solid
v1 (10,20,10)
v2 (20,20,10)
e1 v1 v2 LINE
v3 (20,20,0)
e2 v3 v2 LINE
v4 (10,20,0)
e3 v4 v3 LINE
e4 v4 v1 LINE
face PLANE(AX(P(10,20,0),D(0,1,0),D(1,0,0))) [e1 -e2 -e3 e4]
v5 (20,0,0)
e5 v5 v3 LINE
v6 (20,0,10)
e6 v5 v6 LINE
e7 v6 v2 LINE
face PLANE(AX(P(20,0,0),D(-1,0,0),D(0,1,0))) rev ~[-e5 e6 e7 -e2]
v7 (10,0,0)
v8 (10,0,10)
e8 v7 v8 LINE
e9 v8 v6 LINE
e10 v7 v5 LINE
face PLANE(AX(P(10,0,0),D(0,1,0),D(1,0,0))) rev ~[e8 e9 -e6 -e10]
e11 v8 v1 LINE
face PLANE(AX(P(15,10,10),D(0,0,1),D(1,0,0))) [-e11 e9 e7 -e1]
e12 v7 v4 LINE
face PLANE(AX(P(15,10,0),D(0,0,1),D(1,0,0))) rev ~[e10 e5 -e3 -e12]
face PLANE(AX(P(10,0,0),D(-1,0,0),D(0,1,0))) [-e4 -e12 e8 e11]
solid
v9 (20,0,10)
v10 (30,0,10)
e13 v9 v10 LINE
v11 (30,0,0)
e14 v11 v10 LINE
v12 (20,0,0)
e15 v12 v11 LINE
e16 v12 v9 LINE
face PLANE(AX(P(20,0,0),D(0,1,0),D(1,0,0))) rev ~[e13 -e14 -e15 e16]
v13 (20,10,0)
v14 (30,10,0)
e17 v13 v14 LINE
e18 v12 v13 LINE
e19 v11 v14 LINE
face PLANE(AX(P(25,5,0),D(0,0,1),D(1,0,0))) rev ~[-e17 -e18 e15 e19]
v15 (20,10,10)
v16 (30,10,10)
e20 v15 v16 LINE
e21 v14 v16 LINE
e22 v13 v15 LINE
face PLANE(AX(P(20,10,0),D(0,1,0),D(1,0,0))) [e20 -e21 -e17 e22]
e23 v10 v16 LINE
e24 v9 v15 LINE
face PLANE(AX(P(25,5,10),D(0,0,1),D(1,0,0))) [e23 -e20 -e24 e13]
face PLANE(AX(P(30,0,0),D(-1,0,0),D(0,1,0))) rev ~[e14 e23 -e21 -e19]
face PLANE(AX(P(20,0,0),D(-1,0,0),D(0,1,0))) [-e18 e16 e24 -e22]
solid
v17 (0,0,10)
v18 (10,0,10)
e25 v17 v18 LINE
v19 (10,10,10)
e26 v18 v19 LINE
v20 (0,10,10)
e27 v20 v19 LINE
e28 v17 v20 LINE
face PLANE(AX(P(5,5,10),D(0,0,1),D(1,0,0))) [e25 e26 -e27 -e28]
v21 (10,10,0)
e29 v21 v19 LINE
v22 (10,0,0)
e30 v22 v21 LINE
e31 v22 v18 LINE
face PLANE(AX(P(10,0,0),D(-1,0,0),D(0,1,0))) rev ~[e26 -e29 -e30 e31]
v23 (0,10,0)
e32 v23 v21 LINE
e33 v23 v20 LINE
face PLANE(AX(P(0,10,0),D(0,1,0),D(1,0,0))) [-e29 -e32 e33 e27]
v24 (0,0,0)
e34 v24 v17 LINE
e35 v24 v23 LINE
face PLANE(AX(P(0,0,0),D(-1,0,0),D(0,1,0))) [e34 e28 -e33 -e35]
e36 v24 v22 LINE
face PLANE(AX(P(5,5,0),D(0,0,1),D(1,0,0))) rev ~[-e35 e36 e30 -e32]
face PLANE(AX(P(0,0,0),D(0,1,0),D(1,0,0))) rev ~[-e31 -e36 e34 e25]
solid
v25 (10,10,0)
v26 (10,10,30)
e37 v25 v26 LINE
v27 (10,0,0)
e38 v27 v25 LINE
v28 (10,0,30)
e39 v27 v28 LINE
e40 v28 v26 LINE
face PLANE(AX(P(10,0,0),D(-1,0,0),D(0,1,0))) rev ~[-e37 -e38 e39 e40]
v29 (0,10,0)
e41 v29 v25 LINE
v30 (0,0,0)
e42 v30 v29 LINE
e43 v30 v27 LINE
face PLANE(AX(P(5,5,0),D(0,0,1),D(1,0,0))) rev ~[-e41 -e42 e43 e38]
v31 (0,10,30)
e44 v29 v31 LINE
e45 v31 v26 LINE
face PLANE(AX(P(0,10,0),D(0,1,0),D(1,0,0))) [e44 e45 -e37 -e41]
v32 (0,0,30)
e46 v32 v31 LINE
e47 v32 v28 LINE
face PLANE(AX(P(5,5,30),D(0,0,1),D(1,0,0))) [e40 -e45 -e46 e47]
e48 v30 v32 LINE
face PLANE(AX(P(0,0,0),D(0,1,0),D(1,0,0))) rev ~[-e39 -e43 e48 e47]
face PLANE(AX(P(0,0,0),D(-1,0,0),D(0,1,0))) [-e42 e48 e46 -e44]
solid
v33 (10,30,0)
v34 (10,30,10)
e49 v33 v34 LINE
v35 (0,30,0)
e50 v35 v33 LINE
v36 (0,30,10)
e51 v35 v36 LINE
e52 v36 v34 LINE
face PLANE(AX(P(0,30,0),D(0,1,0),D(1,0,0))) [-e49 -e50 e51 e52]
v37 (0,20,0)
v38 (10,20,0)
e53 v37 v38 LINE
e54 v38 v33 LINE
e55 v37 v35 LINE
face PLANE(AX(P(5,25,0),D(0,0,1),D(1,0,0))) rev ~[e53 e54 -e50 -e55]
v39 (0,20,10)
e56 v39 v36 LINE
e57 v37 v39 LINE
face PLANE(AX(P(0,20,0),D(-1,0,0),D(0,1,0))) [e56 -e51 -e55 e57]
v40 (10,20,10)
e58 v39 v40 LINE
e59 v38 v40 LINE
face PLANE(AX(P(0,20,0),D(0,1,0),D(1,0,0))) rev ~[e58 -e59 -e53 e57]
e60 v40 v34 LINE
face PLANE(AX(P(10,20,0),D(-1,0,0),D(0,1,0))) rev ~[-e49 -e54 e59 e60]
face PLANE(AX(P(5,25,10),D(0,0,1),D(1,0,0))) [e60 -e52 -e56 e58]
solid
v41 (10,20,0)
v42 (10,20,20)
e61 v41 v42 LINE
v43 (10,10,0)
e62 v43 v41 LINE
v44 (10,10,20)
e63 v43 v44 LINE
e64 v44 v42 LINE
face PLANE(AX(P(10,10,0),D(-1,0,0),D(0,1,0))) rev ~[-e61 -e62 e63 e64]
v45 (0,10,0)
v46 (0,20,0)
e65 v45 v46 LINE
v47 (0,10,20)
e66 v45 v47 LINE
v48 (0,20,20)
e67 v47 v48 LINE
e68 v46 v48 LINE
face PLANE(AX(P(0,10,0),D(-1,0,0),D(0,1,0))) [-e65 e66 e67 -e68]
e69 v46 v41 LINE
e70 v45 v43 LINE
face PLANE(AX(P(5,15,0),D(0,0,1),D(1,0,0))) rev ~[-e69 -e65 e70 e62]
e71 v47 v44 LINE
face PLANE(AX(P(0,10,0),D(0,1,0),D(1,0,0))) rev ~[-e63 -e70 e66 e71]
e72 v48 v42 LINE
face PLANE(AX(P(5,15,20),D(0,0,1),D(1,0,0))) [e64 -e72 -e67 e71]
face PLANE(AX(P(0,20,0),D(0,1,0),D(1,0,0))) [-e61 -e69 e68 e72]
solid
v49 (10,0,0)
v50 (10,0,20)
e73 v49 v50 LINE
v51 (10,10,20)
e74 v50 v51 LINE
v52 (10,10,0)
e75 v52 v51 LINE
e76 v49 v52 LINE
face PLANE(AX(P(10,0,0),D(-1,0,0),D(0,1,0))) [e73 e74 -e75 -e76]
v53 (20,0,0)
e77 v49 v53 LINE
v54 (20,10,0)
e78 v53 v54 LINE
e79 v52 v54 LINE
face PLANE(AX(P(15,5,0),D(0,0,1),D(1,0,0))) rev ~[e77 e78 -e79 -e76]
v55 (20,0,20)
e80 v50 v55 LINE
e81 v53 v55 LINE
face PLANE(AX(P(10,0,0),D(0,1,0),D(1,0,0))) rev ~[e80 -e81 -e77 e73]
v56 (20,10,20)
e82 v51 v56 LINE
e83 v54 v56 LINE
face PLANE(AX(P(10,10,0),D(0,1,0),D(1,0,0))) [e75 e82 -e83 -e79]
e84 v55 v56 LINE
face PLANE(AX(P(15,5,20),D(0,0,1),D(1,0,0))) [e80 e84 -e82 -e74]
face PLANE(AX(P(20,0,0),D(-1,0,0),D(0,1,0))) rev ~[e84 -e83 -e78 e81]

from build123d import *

# Parameters (mm, degrees)
BOX_W        = 10
BOX_H        = 10
BOX_DEPTH    = 30
BOX001_W     = 10
BOX001_H     = 10
BOX001_DEPTH = 20
BOX002_W     = 10
BOX002_H     = 20
BOX002_DEPTH = 10
BOX003_W     = 10
BOX003_H     = 10
BOX003_DEPTH = 10
BOX004_W     = 10
BOX004_H     = 10
BOX004_DEPTH = 10
BOX005_W     = 10
BOX005_H     = 10
BOX005_DEPTH = 10
BOX006_W     = 10
BOX006_H     = 10
BOX006_DEPTH = 20


with BuildPart() as cub:
    # Box → Box (new body)
    with BuildSketch(Plane.XY):
        with Locations((5, 5)):
            Rectangle(BOX_W, BOX_H)
    extrude(amount=BOX_DEPTH)


with BuildPart() as cub001:
    # Box001 → Box001 (new body)
    with BuildSketch(Plane(origin=(0, 10, 0), x_dir=(1, 0, 0), z_dir=(0, 0, 1))):
        with Locations((5, 5)):
            Rectangle(BOX001_W, BOX001_H)
    extrude(amount=BOX001_DEPTH)


with BuildPart() as cub002:
    # Box002 → Box002 (new body)
    with BuildSketch(Plane(origin=(10, 0, 0), x_dir=(1, 0, 0), z_dir=(0, 0, 1))):
        with Locations((5, 10)):
            Rectangle(BOX002_W, BOX002_H)
    extrude(amount=BOX002_DEPTH)


with BuildPart() as cub003:
    # Box003 → Box003 (new body)
    with BuildSketch(Plane(origin=(20, 0, 0), x_dir=(1, 0, 0), z_dir=(0, 0, 1))):
        with Locations((5, 5)):
            Rectangle(BOX003_W, BOX003_H)
    extrude(amount=BOX003_DEPTH)


with BuildPart() as cub004:
    # Box004 → Box004 (new body)
    with BuildSketch(Plane(origin=(0, 20, 0), x_dir=(1, 0, 0), z_dir=(0, 0, 1))):
        with Locations((5, 5)):
            Rectangle(BOX004_W, BOX004_H)
    extrude(amount=BOX004_DEPTH)


with BuildPart() as cub005:
    # Box005 → Box005 (new body)
    with BuildSketch(Plane.XY):
        with Locations((5, 5)):
            Rectangle(BOX005_W, BOX005_H)
    extrude(amount=BOX005_DEPTH)


with BuildPart() as cub006:
    # Box006 → Box006 (new body)
    with BuildSketch(Plane(origin=(10, 0, 0), x_dir=(1, 0, 0), z_dir=(0, 0, 1))):
        with Locations((5, 5)):
            Rectangle(BOX006_W, BOX006_H)
    extrude(amount=BOX006_DEPTH)


solid = Compound([cub.part, cub001.part, cub002.part, cub003.part, cub004.part, cub005.part, cub006.part])
